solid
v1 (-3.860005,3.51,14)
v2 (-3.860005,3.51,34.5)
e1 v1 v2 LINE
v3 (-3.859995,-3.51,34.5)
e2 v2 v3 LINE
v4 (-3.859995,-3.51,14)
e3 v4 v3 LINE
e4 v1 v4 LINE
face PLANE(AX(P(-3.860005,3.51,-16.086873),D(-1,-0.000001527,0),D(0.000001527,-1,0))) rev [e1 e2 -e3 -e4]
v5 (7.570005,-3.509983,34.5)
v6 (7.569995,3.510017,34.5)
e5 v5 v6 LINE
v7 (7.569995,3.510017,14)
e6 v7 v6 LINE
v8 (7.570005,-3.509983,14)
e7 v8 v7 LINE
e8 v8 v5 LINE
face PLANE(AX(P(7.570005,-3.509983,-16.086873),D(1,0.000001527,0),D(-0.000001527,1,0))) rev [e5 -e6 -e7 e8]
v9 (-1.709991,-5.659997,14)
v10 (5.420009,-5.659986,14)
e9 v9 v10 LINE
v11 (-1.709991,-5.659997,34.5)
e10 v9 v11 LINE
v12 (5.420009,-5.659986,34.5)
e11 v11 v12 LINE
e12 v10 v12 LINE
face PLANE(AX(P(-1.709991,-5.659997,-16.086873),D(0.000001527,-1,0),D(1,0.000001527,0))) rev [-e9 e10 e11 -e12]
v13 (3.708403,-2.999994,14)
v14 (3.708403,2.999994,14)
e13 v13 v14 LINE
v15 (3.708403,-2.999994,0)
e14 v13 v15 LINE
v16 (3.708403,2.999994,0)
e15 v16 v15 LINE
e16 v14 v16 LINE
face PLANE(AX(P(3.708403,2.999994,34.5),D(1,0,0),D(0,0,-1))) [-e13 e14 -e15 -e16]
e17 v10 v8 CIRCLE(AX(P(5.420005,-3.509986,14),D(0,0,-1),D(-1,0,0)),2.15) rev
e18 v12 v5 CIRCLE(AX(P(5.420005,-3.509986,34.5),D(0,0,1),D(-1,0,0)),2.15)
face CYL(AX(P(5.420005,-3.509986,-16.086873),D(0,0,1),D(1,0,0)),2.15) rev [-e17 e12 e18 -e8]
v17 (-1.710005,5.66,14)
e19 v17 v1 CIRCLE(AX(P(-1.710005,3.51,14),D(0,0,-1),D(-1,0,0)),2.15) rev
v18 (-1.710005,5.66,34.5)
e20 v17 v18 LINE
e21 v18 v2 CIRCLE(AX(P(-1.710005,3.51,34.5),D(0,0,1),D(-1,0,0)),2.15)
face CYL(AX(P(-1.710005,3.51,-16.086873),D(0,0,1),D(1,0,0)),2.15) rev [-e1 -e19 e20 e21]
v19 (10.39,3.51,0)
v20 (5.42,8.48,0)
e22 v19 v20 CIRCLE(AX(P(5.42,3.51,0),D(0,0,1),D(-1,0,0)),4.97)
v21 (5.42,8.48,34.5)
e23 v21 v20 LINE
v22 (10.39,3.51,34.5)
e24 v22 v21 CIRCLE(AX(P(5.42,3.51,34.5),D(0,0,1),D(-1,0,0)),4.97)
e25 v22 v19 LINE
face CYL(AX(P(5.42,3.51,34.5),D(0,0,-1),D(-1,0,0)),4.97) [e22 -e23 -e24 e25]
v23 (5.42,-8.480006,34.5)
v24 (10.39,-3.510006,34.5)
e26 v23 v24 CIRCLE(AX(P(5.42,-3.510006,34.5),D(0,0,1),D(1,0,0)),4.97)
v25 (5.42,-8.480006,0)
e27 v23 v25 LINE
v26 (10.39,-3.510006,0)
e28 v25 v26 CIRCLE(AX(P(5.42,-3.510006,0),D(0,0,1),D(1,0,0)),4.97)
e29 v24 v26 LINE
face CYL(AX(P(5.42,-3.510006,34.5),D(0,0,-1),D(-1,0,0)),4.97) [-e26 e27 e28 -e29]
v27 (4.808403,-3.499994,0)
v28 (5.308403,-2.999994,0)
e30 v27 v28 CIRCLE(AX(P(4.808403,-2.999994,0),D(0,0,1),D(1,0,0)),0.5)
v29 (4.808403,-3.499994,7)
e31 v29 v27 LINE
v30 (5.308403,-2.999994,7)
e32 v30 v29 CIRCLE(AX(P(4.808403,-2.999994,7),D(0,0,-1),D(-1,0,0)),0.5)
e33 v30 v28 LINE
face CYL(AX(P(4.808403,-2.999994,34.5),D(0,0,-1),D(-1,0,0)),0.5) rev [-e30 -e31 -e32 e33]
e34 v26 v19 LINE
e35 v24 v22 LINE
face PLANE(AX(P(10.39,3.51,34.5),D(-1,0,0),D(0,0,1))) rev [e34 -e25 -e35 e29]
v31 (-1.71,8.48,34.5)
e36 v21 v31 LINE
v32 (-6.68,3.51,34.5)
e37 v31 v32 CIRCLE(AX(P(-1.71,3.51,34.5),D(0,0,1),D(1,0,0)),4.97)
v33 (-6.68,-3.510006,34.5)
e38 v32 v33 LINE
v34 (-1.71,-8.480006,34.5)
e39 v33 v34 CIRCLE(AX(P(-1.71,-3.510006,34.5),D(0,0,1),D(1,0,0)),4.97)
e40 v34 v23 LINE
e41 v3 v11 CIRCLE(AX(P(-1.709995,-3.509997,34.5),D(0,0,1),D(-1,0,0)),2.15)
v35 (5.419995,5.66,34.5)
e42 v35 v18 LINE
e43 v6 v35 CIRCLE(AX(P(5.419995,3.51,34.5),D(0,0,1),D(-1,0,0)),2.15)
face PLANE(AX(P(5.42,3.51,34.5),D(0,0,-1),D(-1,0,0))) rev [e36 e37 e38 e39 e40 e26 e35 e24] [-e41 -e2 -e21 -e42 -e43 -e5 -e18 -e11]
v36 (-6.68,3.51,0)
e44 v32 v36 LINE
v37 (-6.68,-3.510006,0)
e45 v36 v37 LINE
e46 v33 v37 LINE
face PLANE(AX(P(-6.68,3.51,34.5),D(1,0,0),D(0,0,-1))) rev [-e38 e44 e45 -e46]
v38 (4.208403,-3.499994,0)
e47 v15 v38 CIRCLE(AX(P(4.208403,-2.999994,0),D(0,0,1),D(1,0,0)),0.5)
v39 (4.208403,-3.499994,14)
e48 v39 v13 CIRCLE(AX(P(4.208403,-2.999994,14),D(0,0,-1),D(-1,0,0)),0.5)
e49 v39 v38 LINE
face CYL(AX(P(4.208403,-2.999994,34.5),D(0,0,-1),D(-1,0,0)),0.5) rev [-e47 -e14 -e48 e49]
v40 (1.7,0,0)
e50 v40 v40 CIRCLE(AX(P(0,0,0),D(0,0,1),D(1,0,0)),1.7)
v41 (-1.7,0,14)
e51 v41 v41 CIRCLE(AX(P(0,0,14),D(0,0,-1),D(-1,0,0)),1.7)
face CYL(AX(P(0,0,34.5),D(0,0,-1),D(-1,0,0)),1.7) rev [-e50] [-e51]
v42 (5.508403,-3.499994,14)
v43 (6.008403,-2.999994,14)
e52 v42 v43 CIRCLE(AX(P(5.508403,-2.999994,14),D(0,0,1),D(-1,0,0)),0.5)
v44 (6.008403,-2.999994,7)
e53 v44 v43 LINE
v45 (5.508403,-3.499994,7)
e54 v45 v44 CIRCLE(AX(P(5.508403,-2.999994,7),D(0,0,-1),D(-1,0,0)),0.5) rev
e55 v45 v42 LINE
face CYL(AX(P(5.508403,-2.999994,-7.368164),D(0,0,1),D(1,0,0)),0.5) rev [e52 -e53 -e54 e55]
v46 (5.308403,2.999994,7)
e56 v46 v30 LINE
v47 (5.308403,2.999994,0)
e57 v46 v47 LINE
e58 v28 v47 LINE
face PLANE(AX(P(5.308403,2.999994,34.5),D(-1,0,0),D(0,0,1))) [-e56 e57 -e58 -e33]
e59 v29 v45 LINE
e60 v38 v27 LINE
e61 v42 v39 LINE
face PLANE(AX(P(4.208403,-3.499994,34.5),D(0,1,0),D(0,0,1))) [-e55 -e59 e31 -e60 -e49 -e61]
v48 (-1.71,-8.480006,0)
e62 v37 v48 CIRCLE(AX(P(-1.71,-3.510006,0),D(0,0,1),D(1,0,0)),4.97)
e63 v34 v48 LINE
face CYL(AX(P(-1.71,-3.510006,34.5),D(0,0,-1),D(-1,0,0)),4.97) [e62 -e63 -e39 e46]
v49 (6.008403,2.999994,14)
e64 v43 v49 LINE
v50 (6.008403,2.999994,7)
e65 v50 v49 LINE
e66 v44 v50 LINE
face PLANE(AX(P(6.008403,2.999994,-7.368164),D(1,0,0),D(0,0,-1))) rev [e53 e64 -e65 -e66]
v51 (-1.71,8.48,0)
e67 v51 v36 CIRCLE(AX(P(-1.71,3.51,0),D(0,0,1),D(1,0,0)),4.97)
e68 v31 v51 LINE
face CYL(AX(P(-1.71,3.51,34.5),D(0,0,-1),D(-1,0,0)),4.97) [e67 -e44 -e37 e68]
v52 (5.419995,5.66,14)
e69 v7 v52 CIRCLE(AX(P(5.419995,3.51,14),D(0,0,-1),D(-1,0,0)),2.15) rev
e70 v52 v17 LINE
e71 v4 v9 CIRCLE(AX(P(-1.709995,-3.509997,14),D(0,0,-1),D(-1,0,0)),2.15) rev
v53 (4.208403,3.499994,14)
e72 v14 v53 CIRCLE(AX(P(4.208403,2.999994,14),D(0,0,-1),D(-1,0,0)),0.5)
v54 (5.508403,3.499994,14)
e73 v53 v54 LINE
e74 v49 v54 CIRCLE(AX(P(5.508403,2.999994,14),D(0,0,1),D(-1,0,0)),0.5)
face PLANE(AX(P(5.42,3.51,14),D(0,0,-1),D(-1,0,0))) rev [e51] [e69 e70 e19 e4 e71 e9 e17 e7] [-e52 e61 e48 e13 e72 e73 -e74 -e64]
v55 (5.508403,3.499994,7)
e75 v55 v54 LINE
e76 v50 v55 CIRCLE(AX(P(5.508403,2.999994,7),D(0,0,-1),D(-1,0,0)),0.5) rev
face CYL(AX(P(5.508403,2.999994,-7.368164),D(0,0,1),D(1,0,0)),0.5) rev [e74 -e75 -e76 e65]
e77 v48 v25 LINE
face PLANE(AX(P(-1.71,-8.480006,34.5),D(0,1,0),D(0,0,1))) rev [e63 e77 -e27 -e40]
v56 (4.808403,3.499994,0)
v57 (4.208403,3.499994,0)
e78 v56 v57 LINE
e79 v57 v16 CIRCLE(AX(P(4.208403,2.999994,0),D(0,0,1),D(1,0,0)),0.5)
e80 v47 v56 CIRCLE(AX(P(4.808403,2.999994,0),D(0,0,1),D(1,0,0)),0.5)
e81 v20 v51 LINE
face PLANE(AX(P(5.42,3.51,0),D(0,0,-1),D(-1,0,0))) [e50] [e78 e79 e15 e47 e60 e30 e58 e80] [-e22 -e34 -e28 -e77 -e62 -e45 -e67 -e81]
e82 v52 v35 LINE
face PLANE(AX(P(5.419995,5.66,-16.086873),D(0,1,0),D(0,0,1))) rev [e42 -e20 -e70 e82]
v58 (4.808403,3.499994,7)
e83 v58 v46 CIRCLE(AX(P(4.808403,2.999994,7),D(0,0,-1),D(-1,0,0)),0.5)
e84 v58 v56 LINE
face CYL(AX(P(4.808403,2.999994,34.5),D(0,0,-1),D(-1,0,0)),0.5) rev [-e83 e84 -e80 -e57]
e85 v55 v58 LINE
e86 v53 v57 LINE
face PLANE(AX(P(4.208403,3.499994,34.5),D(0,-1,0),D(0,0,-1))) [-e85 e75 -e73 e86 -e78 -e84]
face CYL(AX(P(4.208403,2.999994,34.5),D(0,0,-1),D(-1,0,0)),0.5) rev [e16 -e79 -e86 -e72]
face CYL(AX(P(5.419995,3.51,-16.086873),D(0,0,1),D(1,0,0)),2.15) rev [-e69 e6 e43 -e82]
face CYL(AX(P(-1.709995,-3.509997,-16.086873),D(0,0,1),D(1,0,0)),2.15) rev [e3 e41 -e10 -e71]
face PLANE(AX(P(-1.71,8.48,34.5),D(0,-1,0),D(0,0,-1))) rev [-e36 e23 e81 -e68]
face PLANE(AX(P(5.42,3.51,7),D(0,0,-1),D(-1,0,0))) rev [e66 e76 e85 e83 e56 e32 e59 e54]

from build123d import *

# Parameters (mm, degrees)
SKETCH1_R           = 1.7
BOSS_EXTRUDE1_DEPTH = 34.5
CUT_EXTRUDE1_DEPTH  = 20.5
CUT_EXTRUDE2_START  = -7
CUT_EXTRUDE2_DEPTH  = 7


with BuildPart() as part:
    # Sketch1 → Boss-Extrude1 (new body)
    with BuildSketch(Plane.XY):
        with BuildLine():
            Line((-1.71, 8.48), (5.42, 8.48))
            ThreePointArc((5.42, 8.48), (8.934320702, 7.024320703), (10.39, 3.51))
            Line((10.39, 3.51), (10.39, -3.510005593))
            ThreePointArc((10.39, -3.510005593), (8.934320702, -7.024326295), (5.42, -8.480005593))
            Line((5.42, -8.480005593), (-1.71, -8.480005593))
            ThreePointArc((-1.71, -8.480005593), (-5.224320703, -7.024326295), (-6.68, -3.510005593))
            Line((-6.68, -3.510005593), (-6.68, 3.51))
            ThreePointArc((-6.68, 3.51), (-5.224320703, 7.024320703), (-1.71, 8.48))
        make_face()
        Circle(SKETCH1_R, mode=Mode.SUBTRACT)
        with BuildLine():
            Line((3.708402898, 2.999994407), (3.708402898, -2.999994407))
            ThreePointArc((3.708402898, -2.999994407), (3.854849507, -3.353547798), (4.208402898, -3.499994407))
            Line((4.208402898, -3.499994407), (4.808402898, -3.499994407))
            ThreePointArc((4.808402898, -3.499994407), (5.161956288, -3.353547798), (5.308402898, -2.999994407))
            Line((5.308402898, -2.999994407), (5.308402898, 2.999994407))
            ThreePointArc((5.308402898, 2.999994407), (5.161956288, 3.353547798), (4.808402898, 3.499994407))
            Line((4.808402898, 3.499994407), (4.208402898, 3.499994407))
            ThreePointArc((4.208402898, 3.499994407), (3.854849507, 3.353547798), (3.708402898, 2.999994407))
        make_face(mode=Mode.SUBTRACT)
    extrude(amount=BOSS_EXTRUDE1_DEPTH)

    # Sketch2 → Cut-Extrude1 (cut)
    with BuildSketch(Plane.XY.offset(34.5)):
        with BuildLine():
            Line((7.57000536, -3.509982547), (7.56999464, 3.510017453))
            ThreePointArc((7.56999464, 3.510017453), (6.94026805, 5.03028575), (5.419994641, 5.66))
            Line((5.419994641, 5.66), (-1.71000536, 5.66))
            ThreePointArc((-1.71000536, 5.66), (-3.230284939, 5.03027958), (-3.86000536, 3.51))
            Line((-3.86000536, 3.51), (-3.85999464, -3.51))
            ThreePointArc((-3.85999464, -3.51), (-3.230271899, -5.030278618), (-1.709991358, -5.659996717))
            Line((-1.709991358, -5.659996717), (5.420008642, -5.65998583))
            ThreePointArc((5.420008642, -5.65998583), (6.94028726, -5.030263088), (7.57000536, -3.509982547))
        make_face()
    extrude(amount=-CUT_EXTRUDE1_DEPTH, mode=Mode.SUBTRACT)

    # Sketch3 → Cut-Extrude2 (cut)
    with BuildSketch(Plane.XY.offset(14).offset(CUT_EXTRUDE2_START)):
        with BuildLine():
            Line((5.508402898, 3.499994407), (4.208402898, 3.499994407))
            ThreePointArc((4.208402898, 3.499994407), (3.854849507, 3.353547798), (3.708402898, 2.999994407))
            Line((3.708402898, 2.999994407), (3.708402898, -2.999994407))
            ThreePointArc((3.708402898, -2.999994407), (3.854849507, -3.353547798), (4.208402898, -3.499994407))
            Line((4.208402898, -3.499994407), (5.508402898, -3.499994407))
            ThreePointArc((5.508402898, -3.499994407), (5.861956288, -3.353547798), (6.008402898, -2.999994407))
            Line((6.008402898, -2.999994407), (6.008402898, 2.999994407))
            ThreePointArc((6.008402898, 2.999994407), (5.861956288, 3.353547798), (5.508402898, 3.499994407))
        make_face()
    extrude(amount=CUT_EXTRUDE2_DEPTH, mode=Mode.SUBTRACT)


solid = part.part
